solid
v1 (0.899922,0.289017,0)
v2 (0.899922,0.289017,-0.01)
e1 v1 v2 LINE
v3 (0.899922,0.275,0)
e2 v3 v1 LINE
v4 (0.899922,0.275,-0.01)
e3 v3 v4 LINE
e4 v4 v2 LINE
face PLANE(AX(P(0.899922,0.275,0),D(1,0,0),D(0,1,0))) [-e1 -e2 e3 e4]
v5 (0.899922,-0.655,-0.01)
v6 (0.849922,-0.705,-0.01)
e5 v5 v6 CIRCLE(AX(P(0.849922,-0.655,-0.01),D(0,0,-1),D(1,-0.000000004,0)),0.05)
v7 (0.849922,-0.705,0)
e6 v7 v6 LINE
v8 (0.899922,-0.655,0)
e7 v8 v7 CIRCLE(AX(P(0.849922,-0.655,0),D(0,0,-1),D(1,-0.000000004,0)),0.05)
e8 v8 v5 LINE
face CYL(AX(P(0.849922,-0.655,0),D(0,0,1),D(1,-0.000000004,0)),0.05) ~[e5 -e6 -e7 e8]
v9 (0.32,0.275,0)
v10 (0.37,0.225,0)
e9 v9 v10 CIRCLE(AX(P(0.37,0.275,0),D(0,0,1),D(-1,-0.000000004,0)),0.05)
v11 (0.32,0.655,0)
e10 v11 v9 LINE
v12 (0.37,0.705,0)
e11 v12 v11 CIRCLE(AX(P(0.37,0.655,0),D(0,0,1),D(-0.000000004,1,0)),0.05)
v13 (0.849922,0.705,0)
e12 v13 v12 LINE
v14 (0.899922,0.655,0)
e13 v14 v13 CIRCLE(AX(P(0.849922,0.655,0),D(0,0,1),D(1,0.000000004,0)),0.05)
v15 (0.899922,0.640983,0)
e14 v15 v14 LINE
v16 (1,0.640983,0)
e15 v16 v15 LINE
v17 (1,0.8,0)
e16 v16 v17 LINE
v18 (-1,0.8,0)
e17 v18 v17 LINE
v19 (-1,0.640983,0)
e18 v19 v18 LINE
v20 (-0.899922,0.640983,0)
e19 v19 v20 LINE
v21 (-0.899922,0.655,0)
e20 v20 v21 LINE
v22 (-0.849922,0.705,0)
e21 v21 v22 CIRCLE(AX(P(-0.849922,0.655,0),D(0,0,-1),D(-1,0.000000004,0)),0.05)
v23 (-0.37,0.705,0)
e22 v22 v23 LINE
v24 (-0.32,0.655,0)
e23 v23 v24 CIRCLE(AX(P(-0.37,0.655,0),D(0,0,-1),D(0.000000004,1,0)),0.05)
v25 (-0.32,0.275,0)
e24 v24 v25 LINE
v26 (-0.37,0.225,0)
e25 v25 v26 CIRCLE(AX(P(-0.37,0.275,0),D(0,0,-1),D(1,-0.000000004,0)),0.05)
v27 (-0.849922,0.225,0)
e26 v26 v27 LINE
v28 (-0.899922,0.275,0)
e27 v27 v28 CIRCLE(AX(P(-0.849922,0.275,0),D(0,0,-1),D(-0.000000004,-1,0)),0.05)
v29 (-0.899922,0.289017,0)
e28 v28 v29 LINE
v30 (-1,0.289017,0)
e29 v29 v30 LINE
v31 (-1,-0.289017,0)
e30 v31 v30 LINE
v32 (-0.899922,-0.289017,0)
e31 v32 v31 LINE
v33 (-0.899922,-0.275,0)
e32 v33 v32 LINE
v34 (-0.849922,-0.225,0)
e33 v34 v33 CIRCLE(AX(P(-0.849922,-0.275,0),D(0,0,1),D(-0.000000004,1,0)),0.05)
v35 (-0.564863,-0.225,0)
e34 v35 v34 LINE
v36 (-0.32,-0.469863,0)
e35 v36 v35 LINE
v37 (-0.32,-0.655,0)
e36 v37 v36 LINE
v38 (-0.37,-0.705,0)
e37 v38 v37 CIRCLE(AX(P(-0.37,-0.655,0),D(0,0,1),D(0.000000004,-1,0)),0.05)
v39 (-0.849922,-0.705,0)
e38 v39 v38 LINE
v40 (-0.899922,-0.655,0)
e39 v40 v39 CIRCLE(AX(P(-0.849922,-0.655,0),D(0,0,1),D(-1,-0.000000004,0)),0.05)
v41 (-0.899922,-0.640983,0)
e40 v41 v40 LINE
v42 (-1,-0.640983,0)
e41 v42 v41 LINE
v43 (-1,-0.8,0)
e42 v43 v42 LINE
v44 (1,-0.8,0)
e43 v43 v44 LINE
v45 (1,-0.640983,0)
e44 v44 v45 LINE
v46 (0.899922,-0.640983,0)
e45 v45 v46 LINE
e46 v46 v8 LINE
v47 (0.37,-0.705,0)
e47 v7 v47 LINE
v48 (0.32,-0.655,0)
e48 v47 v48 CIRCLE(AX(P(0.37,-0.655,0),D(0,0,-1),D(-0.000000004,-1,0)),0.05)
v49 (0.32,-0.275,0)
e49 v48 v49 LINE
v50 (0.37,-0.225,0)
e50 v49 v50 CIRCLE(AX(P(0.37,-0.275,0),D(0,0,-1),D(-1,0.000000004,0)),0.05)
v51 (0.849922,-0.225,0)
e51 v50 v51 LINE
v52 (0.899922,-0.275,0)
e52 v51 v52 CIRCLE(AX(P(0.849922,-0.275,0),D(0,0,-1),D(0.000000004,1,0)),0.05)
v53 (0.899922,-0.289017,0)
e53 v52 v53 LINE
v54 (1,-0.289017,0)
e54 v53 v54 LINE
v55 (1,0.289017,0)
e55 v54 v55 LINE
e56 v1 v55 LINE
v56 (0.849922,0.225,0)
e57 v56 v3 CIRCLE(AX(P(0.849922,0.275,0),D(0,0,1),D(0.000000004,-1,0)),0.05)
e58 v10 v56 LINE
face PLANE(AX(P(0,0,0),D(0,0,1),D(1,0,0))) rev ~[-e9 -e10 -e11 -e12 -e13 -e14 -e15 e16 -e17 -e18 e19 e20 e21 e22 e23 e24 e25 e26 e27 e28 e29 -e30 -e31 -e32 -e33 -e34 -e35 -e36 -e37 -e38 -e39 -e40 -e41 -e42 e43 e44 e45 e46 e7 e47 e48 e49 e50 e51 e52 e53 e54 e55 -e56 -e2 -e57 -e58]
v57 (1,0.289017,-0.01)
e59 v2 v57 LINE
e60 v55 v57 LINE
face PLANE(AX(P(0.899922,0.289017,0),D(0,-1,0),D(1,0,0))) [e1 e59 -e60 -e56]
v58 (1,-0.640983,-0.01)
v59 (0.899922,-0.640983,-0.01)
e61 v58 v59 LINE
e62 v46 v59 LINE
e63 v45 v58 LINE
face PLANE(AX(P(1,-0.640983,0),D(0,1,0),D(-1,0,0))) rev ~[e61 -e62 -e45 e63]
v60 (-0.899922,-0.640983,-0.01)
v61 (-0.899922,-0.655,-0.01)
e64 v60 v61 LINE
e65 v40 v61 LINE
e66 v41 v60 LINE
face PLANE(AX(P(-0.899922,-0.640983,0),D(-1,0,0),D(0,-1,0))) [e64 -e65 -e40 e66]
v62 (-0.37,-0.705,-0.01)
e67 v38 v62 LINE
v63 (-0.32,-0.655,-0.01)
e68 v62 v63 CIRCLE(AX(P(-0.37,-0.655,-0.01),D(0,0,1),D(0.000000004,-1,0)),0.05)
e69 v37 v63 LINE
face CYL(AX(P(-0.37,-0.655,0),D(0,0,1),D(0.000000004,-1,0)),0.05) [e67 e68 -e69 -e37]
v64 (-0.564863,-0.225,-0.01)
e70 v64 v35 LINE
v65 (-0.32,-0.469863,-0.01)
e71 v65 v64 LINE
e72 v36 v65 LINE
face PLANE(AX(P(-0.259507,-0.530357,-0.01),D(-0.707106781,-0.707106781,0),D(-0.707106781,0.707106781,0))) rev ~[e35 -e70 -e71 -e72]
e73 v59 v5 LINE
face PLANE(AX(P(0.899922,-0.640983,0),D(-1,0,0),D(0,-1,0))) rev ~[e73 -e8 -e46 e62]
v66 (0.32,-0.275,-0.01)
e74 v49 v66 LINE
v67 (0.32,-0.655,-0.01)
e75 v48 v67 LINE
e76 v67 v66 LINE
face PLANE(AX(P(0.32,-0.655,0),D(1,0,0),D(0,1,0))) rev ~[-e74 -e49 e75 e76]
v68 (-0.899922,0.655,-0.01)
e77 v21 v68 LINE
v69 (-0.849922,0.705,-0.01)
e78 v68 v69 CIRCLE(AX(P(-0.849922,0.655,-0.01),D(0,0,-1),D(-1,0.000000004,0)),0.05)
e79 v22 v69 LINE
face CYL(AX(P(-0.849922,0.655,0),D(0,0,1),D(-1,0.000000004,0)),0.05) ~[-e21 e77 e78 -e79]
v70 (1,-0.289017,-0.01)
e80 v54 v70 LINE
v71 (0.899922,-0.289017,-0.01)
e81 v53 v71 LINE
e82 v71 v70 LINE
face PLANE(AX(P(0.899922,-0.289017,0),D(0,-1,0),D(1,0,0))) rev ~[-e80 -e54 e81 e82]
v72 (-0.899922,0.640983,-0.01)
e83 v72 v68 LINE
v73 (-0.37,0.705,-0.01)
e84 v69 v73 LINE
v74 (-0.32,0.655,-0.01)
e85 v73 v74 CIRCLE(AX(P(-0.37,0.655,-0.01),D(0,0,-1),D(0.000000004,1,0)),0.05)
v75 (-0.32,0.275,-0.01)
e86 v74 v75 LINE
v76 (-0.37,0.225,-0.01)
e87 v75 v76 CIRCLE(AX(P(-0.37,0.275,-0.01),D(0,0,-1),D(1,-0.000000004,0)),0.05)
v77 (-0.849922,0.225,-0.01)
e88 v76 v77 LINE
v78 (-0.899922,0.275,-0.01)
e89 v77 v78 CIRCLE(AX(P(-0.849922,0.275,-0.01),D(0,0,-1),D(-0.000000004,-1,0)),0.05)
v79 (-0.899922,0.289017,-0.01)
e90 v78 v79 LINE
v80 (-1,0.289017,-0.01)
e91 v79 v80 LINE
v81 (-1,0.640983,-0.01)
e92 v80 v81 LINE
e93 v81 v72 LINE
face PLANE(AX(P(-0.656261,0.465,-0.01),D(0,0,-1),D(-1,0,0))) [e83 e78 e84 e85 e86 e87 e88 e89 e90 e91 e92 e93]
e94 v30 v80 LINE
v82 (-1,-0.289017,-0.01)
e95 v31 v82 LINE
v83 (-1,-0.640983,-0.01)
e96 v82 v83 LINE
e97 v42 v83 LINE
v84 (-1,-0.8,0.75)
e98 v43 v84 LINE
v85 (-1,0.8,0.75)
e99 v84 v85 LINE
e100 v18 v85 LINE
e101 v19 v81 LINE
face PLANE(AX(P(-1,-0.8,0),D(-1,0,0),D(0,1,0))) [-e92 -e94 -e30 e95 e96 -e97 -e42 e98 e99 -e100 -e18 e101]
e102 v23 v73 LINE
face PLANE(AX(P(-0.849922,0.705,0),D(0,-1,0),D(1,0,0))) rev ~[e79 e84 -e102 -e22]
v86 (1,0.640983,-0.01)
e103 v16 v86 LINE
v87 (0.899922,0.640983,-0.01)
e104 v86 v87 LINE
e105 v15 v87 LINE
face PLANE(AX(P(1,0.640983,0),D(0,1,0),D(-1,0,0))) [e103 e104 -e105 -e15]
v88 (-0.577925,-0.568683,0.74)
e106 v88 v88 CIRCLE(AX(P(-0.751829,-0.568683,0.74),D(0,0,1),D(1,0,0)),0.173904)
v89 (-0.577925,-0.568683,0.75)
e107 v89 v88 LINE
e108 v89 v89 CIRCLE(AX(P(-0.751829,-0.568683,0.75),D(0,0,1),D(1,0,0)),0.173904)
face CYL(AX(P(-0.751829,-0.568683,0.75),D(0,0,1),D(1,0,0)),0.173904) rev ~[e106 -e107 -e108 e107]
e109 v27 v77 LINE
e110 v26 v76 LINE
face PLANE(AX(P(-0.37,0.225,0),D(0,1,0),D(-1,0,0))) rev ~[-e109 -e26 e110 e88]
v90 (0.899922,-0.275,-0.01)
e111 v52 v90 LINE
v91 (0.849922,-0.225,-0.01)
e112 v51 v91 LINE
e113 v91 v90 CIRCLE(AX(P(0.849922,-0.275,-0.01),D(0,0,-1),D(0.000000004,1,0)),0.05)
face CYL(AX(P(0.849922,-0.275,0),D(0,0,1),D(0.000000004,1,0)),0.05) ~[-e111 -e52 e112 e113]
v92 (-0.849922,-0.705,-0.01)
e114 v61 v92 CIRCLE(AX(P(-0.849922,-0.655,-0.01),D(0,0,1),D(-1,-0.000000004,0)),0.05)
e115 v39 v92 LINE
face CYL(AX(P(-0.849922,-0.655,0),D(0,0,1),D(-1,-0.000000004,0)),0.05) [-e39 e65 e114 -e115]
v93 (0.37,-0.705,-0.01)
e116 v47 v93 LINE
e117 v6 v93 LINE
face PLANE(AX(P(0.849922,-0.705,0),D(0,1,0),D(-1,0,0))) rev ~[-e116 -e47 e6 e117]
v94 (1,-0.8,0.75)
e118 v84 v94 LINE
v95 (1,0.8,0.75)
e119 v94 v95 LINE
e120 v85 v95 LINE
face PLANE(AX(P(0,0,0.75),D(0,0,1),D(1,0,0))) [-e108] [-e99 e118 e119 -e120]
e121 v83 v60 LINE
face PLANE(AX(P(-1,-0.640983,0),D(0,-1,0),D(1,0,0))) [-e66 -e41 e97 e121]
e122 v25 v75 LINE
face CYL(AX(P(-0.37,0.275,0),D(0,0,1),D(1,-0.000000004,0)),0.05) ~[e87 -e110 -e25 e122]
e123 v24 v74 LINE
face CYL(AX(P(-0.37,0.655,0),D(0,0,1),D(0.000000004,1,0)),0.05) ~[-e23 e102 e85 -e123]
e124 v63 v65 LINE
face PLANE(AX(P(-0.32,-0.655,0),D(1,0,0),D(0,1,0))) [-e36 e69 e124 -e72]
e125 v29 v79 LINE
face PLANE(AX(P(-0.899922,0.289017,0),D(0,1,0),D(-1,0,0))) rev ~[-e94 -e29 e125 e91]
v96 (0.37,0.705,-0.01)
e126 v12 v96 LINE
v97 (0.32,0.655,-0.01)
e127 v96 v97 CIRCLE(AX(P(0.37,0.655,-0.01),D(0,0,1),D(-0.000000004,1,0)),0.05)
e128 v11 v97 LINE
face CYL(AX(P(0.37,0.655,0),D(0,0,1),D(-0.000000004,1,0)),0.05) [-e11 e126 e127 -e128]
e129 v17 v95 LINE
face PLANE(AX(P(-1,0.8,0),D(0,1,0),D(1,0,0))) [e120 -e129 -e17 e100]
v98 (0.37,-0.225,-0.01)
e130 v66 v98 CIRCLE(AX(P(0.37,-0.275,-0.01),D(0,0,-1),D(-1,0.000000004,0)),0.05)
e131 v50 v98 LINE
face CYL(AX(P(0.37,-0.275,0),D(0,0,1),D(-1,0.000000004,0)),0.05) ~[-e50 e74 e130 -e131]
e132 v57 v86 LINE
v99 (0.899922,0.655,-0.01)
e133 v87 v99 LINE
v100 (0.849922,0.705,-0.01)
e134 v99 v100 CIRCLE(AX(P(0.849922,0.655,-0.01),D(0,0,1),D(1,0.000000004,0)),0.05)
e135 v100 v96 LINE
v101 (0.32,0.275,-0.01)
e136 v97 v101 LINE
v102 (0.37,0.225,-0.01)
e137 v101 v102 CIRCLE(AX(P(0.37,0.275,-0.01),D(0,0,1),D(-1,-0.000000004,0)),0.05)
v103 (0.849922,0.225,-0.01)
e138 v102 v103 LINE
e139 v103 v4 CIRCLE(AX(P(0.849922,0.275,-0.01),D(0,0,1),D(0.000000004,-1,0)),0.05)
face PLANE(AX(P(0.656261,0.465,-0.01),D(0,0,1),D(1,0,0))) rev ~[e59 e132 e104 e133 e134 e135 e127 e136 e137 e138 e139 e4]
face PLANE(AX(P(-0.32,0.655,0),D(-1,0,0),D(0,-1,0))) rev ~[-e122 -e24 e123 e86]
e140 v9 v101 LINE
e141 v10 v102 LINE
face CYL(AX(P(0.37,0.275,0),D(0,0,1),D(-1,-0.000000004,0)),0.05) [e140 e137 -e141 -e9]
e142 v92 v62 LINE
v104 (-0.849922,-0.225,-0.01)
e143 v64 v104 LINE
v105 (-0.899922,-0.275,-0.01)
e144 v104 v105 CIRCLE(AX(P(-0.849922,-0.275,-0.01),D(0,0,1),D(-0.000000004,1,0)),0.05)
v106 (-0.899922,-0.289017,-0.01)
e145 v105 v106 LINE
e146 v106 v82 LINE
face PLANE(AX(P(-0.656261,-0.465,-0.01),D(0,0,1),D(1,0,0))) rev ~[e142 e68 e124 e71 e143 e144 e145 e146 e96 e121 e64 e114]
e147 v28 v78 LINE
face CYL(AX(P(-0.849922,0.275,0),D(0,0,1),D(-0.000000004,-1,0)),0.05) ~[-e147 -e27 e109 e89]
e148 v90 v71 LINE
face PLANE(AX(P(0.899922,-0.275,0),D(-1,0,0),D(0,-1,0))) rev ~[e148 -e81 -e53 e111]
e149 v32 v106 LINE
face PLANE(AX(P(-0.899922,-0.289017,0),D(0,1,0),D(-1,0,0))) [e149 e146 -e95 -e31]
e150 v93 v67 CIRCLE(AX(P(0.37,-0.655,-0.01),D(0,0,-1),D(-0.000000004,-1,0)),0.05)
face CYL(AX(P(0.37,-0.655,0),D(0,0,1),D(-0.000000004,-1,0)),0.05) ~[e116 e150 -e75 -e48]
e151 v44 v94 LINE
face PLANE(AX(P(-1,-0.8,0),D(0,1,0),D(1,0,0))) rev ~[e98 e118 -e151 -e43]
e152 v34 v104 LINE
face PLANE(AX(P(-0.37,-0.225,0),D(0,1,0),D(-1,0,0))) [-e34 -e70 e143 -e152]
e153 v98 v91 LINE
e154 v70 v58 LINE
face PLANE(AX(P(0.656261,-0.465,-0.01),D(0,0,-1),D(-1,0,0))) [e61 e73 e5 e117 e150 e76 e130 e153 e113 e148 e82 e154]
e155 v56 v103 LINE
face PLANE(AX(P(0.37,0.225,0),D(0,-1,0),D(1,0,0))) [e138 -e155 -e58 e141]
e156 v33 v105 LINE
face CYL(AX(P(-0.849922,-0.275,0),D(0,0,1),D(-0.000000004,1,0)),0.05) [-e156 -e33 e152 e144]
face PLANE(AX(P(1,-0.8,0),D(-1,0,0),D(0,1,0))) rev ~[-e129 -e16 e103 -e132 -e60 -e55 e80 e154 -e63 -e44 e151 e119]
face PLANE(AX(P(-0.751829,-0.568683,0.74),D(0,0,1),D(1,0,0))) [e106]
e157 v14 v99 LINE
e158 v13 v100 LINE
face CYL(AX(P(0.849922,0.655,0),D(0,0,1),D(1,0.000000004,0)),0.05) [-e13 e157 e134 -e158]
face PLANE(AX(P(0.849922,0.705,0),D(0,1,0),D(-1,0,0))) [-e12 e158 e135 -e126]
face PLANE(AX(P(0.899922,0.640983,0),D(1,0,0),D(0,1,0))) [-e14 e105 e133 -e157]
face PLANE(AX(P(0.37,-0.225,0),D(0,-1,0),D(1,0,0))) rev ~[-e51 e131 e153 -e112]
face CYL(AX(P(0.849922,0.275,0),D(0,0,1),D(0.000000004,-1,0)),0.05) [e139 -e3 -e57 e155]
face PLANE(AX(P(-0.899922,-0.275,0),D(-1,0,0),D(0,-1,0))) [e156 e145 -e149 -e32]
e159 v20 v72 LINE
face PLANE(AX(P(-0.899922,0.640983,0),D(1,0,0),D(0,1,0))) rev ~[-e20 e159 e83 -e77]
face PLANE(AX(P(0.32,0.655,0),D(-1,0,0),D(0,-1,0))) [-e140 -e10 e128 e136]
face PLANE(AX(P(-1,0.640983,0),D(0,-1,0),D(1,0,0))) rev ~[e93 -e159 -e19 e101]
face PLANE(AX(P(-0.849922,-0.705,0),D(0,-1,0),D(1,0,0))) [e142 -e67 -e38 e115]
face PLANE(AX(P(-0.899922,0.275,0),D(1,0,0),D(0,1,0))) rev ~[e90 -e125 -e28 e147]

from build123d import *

# Parameters (mm, degrees)
SKETCH1_W           = 2
SKETCH1_H           = 1.6
BOSS_EXTRUDE1_DEPTH = 0.75
BOSS_EXTRUDE2_DEPTH = 0.01
CUT_EXTRUDE1_DEPTH  = 0.01
SKETCH4_R           = 0.17390424
CUT_EXTRUDE2_DEPTH  = 0.01


with BuildPart() as part:
    # Sketch1 → Boss-Extrude1 (new body)
    with BuildSketch(Plane.XY):
        Rectangle(SKETCH1_W, SKETCH1_H)
    extrude(amount=BOSS_EXTRUDE1_DEPTH)

    # Sketch2 → Boss-Extrude2 (add)
    with BuildSketch(Plane.XY):
        with BuildLine():
            ThreePointArc((0.849921965, -0.225), (0.885277304, -0.239644661), (0.899921965, -0.275))
            Line((0.899921965, -0.275), (0.899921965, -0.28901736))
            Line((0.899921965, -0.28901736), (1, -0.28901736))
            Line((1, -0.28901736), (1, -0.64098264))
            Line((1, -0.64098264), (0.899921965, -0.64098264))
            Line((0.899921965, -0.64098264), (0.899921965, -0.655))
            ThreePointArc((0.899921965, -0.655), (0.885277304, -0.690355339), (0.849921965, -0.705))
            Line((0.849921965, -0.705), (0.37, -0.705))
            ThreePointArc((0.37, -0.705), (0.334644661, -0.690355339), (0.32, -0.655))
            Line((0.32, -0.655), (0.32, -0.275))
            ThreePointArc((0.32, -0.275), (0.334644661, -0.239644661), (0.37, -0.225))
            Line((0.37, -0.225), (0.849921965, -0.225))
        make_face()
        with BuildLine():
            ThreePointArc((-0.849921965, 0.225), (-0.885277304, 0.239644661), (-0.899921965, 0.275))
            Line((-0.899921965, 0.275), (-0.899921965, 0.28901736))
            Line((-0.899921965, 0.28901736), (-1, 0.28901736))
            Line((-1, 0.28901736), (-1, 0.64098264))
            Line((-1, 0.64098264), (-0.899921965, 0.64098264))
            Line((-0.899921965, 0.64098264), (-0.899921965, 0.655))
            ThreePointArc((-0.899921965, 0.655), (-0.885277304, 0.690355339), (-0.849921965, 0.705))
            Line((-0.849921965, 0.705), (-0.37, 0.705))
            ThreePointArc((-0.37, 0.705), (-0.334644661, 0.690355339), (-0.32, 0.655))
            Line((-0.32, 0.655), (-0.32, 0.275))
            ThreePointArc((-0.32, 0.275), (-0.334644661, 0.239644661), (-0.37, 0.225))
            Line((-0.37, 0.225), (-0.849921965, 0.225))
        make_face()
        with BuildLine():
            Line((-0.849921965, -0.705), (-0.37, -0.705))
            ThreePointArc((-0.37, -0.705), (-0.334644661, -0.690355339), (-0.32, -0.655))
            Line((-0.32, -0.655), (-0.32, -0.275))
            ThreePointArc((-0.32, -0.275), (-0.334644661, -0.239644661), (-0.37, -0.225))
            Line((-0.37, -0.225), (-0.849921965, -0.225))
            ThreePointArc((-0.849921965, -0.225), (-0.885277304, -0.239644661), (-0.899921965, -0.275))
            Line((-0.899921965, -0.275), (-0.899921965, -0.28901736))
            Line((-0.899921965, -0.28901736), (-1, -0.28901736))
            Line((-1, -0.28901736), (-1, -0.64098264))
            Line((-1, -0.64098264), (-0.899921965, -0.64098264))
            Line((-0.899921965, -0.64098264), (-0.899921965, -0.655))
            ThreePointArc((-0.899921965, -0.655), (-0.885277304, -0.690355339), (-0.849921965, -0.705))
        make_face()
        with BuildLine():
            Line((0.849921965, 0.705), (0.37, 0.705))
            ThreePointArc((0.37, 0.705), (0.334644661, 0.690355339), (0.32, 0.655))
            Line((0.32, 0.655), (0.32, 0.275))
            ThreePointArc((0.32, 0.275), (0.334644661, 0.239644661), (0.37, 0.225))
            Line((0.37, 0.225), (0.849921965, 0.225))
            ThreePointArc((0.849921965, 0.225), (0.885277304, 0.239644661), (0.899921965, 0.275))
            Line((0.899921965, 0.275), (0.899921965, 0.28901736))
            Line((0.899921965, 0.28901736), (1, 0.28901736))
            Line((1, 0.28901736), (1, 0.64098264))
            Line((1, 0.64098264), (0.899921965, 0.64098264))
            Line((0.899921965, 0.64098264), (0.899921965, 0.655))
            ThreePointArc((0.899921965, 0.655), (0.885277304, 0.690355339), (0.849921965, 0.705))
        make_face()
    extrude(amount=-BOSS_EXTRUDE2_DEPTH)

    # Sketch3 → Cut-Extrude1 (cut)
    with BuildSketch(Plane(origin=(0, 0, -0.01), x_dir=(-1, 0, 0), z_dir=(0, 0, -1))):
        Polygon((0.259506614, -0.530356554), (0.673891884, -0.115971284), (0.259506614, -0.115971284), align=None)
    extrude(amount=-CUT_EXTRUDE1_DEPTH, mode=Mode.SUBTRACT)

    # Sketch4 → Cut-Extrude2 (cut)
    with BuildSketch(Plane.XY.offset(0.75)):
        with Locations((-0.751829449, -0.568683388)):
            Circle(SKETCH4_R)
    extrude(amount=-CUT_EXTRUDE2_DEPTH, mode=Mode.SUBTRACT)


solid = part.part
